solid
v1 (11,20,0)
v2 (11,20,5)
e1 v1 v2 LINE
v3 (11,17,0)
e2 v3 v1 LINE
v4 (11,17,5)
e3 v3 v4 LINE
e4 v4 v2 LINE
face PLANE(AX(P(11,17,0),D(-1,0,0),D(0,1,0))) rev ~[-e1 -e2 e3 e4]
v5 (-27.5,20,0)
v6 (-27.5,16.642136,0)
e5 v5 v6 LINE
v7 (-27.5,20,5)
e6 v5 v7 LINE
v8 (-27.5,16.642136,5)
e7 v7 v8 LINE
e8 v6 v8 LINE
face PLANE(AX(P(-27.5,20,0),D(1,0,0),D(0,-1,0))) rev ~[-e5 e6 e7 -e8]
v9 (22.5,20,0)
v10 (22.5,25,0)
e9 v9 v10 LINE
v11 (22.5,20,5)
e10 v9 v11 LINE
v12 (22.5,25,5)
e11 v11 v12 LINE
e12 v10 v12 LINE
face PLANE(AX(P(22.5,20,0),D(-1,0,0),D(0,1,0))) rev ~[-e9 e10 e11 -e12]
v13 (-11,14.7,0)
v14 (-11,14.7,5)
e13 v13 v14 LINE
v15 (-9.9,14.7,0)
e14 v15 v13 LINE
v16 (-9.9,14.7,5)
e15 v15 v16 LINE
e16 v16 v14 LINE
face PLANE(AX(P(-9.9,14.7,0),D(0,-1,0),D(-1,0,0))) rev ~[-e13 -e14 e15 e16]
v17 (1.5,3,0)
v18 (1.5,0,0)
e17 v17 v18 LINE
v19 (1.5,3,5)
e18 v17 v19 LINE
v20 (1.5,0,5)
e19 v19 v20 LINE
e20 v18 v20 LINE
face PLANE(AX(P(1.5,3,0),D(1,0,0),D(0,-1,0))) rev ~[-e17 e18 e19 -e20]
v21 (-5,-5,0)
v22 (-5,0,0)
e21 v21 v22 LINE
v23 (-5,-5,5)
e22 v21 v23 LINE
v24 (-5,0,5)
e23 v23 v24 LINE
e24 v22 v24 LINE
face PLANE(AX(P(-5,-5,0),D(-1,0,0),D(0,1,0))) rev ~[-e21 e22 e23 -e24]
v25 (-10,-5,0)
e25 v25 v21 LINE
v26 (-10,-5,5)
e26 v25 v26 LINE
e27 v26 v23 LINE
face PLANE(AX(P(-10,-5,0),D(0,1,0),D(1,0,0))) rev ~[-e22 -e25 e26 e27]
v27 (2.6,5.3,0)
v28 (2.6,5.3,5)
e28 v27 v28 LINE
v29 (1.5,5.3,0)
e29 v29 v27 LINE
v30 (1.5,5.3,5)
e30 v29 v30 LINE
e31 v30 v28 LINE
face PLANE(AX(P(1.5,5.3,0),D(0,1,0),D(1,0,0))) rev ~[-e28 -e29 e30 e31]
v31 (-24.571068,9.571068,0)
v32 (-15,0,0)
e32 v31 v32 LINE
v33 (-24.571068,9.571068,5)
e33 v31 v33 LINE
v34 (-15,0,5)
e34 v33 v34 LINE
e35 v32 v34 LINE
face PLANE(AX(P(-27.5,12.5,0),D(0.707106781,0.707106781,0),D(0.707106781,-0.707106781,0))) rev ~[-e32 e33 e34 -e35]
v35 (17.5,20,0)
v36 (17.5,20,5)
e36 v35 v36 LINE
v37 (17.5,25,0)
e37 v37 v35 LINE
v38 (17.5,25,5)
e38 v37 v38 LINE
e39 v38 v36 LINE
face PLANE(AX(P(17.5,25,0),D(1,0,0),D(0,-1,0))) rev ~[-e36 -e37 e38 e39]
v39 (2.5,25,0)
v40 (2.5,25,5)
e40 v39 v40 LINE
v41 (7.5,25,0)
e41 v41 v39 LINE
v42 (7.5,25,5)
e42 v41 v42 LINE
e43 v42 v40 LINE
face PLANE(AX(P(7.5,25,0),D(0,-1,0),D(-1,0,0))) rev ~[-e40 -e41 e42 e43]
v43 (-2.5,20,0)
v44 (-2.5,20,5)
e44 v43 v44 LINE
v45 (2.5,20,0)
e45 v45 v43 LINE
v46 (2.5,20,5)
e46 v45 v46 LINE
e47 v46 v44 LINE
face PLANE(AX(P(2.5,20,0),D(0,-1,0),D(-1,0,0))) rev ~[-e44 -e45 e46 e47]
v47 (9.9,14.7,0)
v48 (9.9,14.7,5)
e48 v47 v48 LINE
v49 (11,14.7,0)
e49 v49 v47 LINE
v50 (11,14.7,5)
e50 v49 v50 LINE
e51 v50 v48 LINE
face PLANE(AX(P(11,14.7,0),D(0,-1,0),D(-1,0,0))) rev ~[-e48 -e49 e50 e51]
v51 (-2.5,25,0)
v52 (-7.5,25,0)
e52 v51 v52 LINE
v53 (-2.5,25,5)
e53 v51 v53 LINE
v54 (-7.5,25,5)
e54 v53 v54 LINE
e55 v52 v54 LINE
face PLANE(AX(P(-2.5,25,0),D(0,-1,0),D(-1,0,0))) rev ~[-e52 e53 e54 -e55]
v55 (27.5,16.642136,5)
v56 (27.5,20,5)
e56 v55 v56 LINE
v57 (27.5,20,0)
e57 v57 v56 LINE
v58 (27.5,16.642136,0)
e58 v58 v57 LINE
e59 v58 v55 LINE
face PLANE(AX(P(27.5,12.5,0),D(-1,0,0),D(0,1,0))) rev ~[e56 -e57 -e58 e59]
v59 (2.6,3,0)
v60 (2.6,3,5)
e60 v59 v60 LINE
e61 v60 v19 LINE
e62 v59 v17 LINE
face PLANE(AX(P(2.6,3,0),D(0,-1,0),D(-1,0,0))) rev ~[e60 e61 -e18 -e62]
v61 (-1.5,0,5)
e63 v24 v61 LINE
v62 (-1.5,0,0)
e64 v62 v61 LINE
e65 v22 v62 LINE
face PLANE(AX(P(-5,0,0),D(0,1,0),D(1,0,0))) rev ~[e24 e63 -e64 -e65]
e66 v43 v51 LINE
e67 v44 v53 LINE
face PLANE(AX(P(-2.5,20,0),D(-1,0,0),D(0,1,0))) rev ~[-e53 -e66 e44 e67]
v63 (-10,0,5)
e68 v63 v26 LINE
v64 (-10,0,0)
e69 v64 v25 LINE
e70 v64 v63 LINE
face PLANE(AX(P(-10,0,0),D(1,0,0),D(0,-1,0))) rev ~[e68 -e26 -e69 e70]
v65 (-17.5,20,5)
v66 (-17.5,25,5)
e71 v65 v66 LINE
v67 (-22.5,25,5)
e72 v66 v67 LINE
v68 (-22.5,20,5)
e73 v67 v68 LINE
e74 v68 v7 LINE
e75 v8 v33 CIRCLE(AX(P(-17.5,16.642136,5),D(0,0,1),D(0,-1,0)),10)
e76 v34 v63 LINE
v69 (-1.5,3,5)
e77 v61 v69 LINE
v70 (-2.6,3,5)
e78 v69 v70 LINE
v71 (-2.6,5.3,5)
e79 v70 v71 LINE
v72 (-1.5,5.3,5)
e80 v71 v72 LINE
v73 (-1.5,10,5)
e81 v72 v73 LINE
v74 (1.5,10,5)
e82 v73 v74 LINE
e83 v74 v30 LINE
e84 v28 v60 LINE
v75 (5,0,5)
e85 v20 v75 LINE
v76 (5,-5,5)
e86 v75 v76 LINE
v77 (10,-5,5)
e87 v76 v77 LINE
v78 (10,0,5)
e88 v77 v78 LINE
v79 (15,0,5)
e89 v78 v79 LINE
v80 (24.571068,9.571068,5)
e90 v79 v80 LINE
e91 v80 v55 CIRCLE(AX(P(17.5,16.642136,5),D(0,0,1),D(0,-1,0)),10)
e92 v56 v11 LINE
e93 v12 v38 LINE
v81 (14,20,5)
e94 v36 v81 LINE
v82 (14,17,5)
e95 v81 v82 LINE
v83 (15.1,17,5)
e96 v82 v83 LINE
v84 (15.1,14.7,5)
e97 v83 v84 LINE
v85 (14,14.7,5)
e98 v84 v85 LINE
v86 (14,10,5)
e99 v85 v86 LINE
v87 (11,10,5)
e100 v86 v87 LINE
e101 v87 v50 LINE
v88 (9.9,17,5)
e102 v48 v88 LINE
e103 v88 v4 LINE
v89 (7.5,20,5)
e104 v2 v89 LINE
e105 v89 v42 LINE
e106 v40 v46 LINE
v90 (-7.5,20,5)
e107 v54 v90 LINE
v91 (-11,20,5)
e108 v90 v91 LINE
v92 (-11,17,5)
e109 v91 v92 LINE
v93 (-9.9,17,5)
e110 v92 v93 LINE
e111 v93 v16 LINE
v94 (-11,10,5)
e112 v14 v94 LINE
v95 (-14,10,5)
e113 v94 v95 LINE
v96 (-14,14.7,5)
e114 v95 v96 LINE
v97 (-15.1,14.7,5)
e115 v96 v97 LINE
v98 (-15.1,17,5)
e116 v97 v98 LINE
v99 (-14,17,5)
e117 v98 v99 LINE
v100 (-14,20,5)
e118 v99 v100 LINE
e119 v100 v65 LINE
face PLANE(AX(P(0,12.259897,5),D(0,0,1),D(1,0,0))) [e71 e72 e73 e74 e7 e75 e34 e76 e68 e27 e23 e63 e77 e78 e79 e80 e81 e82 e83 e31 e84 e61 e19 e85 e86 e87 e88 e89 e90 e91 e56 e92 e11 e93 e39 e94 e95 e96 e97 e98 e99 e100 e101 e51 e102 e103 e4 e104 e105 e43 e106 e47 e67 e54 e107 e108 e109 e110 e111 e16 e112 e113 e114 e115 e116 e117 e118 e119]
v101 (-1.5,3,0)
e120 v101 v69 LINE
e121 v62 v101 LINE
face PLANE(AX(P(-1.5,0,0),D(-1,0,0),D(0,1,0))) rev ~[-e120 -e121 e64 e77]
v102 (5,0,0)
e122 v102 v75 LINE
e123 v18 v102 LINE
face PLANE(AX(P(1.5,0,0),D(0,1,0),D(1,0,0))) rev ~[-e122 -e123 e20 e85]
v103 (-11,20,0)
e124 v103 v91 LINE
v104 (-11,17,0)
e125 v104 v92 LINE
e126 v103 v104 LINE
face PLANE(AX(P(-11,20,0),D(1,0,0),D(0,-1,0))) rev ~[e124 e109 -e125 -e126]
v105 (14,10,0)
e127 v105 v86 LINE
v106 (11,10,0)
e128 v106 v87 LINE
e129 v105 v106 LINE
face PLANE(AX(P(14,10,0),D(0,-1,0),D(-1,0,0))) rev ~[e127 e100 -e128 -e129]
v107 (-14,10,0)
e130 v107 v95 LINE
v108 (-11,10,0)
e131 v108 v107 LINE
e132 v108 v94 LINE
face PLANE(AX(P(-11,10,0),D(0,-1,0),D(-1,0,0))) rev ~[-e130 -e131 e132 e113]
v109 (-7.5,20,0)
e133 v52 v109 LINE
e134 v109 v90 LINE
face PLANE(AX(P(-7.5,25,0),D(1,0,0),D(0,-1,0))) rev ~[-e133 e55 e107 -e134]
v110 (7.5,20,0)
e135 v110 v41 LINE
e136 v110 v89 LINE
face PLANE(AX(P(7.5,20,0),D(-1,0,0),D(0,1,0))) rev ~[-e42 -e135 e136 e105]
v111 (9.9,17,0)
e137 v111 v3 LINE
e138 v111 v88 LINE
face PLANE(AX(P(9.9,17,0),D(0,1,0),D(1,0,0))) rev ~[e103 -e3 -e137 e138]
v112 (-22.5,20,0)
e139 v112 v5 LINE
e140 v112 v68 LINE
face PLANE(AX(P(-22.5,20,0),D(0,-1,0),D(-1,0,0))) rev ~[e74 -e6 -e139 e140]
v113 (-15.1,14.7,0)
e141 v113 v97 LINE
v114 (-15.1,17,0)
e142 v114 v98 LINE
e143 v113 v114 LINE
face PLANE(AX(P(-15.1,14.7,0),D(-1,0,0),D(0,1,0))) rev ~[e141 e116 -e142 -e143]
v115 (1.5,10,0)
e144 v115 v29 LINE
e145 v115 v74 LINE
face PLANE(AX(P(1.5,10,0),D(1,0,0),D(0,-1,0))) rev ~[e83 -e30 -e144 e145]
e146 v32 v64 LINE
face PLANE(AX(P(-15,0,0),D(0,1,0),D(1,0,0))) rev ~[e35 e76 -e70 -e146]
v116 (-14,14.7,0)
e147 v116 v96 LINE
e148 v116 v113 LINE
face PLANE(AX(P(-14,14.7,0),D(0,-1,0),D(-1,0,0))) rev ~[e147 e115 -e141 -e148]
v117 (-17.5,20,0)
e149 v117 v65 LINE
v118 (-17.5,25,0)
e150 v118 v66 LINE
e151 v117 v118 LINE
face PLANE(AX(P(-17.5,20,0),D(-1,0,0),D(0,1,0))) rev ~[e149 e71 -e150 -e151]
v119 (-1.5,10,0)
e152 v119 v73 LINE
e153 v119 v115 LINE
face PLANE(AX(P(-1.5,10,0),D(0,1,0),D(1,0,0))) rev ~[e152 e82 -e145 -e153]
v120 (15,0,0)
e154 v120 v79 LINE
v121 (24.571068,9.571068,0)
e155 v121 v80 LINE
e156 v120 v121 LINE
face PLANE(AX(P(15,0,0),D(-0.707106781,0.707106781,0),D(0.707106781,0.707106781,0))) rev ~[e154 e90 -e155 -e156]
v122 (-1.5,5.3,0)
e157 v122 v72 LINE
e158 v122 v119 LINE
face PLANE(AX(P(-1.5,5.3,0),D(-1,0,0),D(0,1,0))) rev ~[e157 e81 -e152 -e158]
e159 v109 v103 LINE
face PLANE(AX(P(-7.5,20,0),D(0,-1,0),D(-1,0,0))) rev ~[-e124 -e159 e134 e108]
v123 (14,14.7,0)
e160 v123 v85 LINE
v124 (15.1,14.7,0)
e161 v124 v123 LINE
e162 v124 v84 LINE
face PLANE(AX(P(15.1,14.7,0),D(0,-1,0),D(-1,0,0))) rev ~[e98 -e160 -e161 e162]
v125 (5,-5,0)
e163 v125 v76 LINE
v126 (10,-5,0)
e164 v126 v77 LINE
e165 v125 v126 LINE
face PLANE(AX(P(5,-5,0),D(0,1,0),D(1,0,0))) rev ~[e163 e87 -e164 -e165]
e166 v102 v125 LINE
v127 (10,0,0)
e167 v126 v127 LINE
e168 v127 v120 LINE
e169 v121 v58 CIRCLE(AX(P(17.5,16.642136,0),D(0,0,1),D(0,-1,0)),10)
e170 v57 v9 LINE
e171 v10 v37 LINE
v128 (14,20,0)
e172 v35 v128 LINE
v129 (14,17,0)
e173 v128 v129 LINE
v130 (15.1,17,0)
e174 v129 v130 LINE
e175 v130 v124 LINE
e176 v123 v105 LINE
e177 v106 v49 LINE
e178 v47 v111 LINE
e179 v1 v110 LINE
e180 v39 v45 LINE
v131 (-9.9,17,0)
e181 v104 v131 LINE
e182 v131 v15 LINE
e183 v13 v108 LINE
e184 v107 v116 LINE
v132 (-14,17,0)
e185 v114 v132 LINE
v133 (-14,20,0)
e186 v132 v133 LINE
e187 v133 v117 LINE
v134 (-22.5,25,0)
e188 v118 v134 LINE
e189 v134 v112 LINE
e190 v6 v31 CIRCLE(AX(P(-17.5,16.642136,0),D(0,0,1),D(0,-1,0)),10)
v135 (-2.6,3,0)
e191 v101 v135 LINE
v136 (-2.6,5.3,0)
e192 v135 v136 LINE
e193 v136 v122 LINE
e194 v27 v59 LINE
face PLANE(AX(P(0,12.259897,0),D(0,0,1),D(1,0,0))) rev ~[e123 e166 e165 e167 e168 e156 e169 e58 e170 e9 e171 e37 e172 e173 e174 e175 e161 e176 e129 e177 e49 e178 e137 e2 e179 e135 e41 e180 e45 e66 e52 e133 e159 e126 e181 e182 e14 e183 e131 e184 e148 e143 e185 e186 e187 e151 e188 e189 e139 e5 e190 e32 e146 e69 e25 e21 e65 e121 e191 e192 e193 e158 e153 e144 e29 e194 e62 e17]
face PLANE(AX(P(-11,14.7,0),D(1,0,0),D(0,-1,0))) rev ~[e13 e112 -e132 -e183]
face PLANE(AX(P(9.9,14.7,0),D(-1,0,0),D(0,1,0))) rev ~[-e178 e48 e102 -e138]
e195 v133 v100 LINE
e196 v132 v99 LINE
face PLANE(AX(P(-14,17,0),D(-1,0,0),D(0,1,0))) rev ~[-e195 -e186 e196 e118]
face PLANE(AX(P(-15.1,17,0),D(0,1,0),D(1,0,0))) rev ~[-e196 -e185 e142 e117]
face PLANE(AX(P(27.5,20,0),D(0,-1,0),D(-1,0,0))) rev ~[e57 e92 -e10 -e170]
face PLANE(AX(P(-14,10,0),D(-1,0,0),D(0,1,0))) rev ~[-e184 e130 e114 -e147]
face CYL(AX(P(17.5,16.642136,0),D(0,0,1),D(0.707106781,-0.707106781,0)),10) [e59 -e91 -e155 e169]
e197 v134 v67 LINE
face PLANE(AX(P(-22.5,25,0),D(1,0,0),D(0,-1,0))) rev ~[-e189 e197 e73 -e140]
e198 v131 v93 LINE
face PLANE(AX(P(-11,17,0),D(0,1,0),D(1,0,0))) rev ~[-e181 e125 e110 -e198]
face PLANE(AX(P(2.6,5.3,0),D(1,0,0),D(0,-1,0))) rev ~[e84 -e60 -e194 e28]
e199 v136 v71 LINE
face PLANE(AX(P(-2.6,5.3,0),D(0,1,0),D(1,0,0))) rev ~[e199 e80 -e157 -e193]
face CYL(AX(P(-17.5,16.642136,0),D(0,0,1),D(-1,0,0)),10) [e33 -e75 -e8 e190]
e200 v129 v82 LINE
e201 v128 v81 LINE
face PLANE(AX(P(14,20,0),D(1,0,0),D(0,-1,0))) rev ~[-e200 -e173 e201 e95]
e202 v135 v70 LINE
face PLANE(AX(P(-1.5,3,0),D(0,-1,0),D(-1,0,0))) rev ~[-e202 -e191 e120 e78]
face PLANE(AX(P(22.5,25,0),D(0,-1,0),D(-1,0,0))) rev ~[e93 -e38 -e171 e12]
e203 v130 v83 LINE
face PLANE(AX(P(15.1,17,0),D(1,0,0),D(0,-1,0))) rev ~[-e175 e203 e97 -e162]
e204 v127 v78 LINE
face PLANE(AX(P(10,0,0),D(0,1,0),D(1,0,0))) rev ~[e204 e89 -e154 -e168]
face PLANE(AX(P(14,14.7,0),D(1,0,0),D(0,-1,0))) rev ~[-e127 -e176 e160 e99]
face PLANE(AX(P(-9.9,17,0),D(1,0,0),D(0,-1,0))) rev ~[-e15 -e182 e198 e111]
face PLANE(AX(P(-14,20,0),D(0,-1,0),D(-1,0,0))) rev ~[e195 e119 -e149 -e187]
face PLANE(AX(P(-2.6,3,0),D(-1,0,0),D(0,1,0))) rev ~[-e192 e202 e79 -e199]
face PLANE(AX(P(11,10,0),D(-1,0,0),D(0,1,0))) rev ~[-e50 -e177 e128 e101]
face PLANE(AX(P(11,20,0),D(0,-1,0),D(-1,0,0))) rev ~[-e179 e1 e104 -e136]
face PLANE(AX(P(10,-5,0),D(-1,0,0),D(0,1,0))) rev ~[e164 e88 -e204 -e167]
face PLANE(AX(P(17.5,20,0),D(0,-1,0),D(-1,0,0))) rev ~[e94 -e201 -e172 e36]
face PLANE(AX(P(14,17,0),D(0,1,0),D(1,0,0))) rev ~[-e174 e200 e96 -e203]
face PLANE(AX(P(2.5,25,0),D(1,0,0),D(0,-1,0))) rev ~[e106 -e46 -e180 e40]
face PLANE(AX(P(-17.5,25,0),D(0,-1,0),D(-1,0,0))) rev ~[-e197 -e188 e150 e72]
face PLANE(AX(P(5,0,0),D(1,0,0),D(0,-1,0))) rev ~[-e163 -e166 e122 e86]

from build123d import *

# Parameters (mm, degrees)
BOSS_EXTRU_1_DEPTH = 5
CONG_1_R           = 10


with BuildPart() as part:
    # Esquisse1 → Boss.-Extru.1 (new body)
    with BuildSketch(Plane.XY):
        Polygon((15, 0), (27.5, 12.5), (27.5, 20), (22.5, 20), (22.5, 25), (17.5, 25), (17.5, 20), (14, 20), (14, 17), (15.1, 17), (15.1, 14.7), (14, 14.7), (14, 10), (11, 10), (11, 14.7), (9.9, 14.7), (9.9, 17), (11, 17), (11, 20), (7.5, 20), (7.5, 25), (2.5, 25), (2.5, 20), (-2.5, 20), (-2.5, 25), (-7.5, 25), (-7.5, 20), (-11, 20), (-11, 17), (-9.9, 17), (-9.9, 14.7), (-11, 14.7), (-11, 10), (-14, 10), (-14, 14.7), (-15.1, 14.7), (-15.1, 17), (-14, 17), (-14, 20), (-17.5, 20), (-17.5, 25), (-22.5, 25), (-22.5, 20), (-27.5, 20), (-27.5, 12.5), (-15, 0), (-10, 0), (-10, -5), (-5, -5), (-5, 0), (-1.5, 0), (-1.5, 3), (-2.6, 3), (-2.6, 5.3), (-1.5, 5.3), (-1.5, 10), (1.5, 10), (1.5, 5.3), (2.6, 5.3), (2.6, 3), (1.5, 3), (1.5, 0), (5, 0), (5, -5), (10, -5), (10, 0), align=None)
    extrude(amount=BOSS_EXTRU_1_DEPTH)

    # Congé1
    cong_1_edges = [part.edges().sort_by_distance(p)[0] for p in [
        (27.5, 12.5, 2.5),
        (-27.5, 12.5, 2.5),
    ]]
    fillet(cong_1_edges, radius=CONG_1_R)


solid = part.part
